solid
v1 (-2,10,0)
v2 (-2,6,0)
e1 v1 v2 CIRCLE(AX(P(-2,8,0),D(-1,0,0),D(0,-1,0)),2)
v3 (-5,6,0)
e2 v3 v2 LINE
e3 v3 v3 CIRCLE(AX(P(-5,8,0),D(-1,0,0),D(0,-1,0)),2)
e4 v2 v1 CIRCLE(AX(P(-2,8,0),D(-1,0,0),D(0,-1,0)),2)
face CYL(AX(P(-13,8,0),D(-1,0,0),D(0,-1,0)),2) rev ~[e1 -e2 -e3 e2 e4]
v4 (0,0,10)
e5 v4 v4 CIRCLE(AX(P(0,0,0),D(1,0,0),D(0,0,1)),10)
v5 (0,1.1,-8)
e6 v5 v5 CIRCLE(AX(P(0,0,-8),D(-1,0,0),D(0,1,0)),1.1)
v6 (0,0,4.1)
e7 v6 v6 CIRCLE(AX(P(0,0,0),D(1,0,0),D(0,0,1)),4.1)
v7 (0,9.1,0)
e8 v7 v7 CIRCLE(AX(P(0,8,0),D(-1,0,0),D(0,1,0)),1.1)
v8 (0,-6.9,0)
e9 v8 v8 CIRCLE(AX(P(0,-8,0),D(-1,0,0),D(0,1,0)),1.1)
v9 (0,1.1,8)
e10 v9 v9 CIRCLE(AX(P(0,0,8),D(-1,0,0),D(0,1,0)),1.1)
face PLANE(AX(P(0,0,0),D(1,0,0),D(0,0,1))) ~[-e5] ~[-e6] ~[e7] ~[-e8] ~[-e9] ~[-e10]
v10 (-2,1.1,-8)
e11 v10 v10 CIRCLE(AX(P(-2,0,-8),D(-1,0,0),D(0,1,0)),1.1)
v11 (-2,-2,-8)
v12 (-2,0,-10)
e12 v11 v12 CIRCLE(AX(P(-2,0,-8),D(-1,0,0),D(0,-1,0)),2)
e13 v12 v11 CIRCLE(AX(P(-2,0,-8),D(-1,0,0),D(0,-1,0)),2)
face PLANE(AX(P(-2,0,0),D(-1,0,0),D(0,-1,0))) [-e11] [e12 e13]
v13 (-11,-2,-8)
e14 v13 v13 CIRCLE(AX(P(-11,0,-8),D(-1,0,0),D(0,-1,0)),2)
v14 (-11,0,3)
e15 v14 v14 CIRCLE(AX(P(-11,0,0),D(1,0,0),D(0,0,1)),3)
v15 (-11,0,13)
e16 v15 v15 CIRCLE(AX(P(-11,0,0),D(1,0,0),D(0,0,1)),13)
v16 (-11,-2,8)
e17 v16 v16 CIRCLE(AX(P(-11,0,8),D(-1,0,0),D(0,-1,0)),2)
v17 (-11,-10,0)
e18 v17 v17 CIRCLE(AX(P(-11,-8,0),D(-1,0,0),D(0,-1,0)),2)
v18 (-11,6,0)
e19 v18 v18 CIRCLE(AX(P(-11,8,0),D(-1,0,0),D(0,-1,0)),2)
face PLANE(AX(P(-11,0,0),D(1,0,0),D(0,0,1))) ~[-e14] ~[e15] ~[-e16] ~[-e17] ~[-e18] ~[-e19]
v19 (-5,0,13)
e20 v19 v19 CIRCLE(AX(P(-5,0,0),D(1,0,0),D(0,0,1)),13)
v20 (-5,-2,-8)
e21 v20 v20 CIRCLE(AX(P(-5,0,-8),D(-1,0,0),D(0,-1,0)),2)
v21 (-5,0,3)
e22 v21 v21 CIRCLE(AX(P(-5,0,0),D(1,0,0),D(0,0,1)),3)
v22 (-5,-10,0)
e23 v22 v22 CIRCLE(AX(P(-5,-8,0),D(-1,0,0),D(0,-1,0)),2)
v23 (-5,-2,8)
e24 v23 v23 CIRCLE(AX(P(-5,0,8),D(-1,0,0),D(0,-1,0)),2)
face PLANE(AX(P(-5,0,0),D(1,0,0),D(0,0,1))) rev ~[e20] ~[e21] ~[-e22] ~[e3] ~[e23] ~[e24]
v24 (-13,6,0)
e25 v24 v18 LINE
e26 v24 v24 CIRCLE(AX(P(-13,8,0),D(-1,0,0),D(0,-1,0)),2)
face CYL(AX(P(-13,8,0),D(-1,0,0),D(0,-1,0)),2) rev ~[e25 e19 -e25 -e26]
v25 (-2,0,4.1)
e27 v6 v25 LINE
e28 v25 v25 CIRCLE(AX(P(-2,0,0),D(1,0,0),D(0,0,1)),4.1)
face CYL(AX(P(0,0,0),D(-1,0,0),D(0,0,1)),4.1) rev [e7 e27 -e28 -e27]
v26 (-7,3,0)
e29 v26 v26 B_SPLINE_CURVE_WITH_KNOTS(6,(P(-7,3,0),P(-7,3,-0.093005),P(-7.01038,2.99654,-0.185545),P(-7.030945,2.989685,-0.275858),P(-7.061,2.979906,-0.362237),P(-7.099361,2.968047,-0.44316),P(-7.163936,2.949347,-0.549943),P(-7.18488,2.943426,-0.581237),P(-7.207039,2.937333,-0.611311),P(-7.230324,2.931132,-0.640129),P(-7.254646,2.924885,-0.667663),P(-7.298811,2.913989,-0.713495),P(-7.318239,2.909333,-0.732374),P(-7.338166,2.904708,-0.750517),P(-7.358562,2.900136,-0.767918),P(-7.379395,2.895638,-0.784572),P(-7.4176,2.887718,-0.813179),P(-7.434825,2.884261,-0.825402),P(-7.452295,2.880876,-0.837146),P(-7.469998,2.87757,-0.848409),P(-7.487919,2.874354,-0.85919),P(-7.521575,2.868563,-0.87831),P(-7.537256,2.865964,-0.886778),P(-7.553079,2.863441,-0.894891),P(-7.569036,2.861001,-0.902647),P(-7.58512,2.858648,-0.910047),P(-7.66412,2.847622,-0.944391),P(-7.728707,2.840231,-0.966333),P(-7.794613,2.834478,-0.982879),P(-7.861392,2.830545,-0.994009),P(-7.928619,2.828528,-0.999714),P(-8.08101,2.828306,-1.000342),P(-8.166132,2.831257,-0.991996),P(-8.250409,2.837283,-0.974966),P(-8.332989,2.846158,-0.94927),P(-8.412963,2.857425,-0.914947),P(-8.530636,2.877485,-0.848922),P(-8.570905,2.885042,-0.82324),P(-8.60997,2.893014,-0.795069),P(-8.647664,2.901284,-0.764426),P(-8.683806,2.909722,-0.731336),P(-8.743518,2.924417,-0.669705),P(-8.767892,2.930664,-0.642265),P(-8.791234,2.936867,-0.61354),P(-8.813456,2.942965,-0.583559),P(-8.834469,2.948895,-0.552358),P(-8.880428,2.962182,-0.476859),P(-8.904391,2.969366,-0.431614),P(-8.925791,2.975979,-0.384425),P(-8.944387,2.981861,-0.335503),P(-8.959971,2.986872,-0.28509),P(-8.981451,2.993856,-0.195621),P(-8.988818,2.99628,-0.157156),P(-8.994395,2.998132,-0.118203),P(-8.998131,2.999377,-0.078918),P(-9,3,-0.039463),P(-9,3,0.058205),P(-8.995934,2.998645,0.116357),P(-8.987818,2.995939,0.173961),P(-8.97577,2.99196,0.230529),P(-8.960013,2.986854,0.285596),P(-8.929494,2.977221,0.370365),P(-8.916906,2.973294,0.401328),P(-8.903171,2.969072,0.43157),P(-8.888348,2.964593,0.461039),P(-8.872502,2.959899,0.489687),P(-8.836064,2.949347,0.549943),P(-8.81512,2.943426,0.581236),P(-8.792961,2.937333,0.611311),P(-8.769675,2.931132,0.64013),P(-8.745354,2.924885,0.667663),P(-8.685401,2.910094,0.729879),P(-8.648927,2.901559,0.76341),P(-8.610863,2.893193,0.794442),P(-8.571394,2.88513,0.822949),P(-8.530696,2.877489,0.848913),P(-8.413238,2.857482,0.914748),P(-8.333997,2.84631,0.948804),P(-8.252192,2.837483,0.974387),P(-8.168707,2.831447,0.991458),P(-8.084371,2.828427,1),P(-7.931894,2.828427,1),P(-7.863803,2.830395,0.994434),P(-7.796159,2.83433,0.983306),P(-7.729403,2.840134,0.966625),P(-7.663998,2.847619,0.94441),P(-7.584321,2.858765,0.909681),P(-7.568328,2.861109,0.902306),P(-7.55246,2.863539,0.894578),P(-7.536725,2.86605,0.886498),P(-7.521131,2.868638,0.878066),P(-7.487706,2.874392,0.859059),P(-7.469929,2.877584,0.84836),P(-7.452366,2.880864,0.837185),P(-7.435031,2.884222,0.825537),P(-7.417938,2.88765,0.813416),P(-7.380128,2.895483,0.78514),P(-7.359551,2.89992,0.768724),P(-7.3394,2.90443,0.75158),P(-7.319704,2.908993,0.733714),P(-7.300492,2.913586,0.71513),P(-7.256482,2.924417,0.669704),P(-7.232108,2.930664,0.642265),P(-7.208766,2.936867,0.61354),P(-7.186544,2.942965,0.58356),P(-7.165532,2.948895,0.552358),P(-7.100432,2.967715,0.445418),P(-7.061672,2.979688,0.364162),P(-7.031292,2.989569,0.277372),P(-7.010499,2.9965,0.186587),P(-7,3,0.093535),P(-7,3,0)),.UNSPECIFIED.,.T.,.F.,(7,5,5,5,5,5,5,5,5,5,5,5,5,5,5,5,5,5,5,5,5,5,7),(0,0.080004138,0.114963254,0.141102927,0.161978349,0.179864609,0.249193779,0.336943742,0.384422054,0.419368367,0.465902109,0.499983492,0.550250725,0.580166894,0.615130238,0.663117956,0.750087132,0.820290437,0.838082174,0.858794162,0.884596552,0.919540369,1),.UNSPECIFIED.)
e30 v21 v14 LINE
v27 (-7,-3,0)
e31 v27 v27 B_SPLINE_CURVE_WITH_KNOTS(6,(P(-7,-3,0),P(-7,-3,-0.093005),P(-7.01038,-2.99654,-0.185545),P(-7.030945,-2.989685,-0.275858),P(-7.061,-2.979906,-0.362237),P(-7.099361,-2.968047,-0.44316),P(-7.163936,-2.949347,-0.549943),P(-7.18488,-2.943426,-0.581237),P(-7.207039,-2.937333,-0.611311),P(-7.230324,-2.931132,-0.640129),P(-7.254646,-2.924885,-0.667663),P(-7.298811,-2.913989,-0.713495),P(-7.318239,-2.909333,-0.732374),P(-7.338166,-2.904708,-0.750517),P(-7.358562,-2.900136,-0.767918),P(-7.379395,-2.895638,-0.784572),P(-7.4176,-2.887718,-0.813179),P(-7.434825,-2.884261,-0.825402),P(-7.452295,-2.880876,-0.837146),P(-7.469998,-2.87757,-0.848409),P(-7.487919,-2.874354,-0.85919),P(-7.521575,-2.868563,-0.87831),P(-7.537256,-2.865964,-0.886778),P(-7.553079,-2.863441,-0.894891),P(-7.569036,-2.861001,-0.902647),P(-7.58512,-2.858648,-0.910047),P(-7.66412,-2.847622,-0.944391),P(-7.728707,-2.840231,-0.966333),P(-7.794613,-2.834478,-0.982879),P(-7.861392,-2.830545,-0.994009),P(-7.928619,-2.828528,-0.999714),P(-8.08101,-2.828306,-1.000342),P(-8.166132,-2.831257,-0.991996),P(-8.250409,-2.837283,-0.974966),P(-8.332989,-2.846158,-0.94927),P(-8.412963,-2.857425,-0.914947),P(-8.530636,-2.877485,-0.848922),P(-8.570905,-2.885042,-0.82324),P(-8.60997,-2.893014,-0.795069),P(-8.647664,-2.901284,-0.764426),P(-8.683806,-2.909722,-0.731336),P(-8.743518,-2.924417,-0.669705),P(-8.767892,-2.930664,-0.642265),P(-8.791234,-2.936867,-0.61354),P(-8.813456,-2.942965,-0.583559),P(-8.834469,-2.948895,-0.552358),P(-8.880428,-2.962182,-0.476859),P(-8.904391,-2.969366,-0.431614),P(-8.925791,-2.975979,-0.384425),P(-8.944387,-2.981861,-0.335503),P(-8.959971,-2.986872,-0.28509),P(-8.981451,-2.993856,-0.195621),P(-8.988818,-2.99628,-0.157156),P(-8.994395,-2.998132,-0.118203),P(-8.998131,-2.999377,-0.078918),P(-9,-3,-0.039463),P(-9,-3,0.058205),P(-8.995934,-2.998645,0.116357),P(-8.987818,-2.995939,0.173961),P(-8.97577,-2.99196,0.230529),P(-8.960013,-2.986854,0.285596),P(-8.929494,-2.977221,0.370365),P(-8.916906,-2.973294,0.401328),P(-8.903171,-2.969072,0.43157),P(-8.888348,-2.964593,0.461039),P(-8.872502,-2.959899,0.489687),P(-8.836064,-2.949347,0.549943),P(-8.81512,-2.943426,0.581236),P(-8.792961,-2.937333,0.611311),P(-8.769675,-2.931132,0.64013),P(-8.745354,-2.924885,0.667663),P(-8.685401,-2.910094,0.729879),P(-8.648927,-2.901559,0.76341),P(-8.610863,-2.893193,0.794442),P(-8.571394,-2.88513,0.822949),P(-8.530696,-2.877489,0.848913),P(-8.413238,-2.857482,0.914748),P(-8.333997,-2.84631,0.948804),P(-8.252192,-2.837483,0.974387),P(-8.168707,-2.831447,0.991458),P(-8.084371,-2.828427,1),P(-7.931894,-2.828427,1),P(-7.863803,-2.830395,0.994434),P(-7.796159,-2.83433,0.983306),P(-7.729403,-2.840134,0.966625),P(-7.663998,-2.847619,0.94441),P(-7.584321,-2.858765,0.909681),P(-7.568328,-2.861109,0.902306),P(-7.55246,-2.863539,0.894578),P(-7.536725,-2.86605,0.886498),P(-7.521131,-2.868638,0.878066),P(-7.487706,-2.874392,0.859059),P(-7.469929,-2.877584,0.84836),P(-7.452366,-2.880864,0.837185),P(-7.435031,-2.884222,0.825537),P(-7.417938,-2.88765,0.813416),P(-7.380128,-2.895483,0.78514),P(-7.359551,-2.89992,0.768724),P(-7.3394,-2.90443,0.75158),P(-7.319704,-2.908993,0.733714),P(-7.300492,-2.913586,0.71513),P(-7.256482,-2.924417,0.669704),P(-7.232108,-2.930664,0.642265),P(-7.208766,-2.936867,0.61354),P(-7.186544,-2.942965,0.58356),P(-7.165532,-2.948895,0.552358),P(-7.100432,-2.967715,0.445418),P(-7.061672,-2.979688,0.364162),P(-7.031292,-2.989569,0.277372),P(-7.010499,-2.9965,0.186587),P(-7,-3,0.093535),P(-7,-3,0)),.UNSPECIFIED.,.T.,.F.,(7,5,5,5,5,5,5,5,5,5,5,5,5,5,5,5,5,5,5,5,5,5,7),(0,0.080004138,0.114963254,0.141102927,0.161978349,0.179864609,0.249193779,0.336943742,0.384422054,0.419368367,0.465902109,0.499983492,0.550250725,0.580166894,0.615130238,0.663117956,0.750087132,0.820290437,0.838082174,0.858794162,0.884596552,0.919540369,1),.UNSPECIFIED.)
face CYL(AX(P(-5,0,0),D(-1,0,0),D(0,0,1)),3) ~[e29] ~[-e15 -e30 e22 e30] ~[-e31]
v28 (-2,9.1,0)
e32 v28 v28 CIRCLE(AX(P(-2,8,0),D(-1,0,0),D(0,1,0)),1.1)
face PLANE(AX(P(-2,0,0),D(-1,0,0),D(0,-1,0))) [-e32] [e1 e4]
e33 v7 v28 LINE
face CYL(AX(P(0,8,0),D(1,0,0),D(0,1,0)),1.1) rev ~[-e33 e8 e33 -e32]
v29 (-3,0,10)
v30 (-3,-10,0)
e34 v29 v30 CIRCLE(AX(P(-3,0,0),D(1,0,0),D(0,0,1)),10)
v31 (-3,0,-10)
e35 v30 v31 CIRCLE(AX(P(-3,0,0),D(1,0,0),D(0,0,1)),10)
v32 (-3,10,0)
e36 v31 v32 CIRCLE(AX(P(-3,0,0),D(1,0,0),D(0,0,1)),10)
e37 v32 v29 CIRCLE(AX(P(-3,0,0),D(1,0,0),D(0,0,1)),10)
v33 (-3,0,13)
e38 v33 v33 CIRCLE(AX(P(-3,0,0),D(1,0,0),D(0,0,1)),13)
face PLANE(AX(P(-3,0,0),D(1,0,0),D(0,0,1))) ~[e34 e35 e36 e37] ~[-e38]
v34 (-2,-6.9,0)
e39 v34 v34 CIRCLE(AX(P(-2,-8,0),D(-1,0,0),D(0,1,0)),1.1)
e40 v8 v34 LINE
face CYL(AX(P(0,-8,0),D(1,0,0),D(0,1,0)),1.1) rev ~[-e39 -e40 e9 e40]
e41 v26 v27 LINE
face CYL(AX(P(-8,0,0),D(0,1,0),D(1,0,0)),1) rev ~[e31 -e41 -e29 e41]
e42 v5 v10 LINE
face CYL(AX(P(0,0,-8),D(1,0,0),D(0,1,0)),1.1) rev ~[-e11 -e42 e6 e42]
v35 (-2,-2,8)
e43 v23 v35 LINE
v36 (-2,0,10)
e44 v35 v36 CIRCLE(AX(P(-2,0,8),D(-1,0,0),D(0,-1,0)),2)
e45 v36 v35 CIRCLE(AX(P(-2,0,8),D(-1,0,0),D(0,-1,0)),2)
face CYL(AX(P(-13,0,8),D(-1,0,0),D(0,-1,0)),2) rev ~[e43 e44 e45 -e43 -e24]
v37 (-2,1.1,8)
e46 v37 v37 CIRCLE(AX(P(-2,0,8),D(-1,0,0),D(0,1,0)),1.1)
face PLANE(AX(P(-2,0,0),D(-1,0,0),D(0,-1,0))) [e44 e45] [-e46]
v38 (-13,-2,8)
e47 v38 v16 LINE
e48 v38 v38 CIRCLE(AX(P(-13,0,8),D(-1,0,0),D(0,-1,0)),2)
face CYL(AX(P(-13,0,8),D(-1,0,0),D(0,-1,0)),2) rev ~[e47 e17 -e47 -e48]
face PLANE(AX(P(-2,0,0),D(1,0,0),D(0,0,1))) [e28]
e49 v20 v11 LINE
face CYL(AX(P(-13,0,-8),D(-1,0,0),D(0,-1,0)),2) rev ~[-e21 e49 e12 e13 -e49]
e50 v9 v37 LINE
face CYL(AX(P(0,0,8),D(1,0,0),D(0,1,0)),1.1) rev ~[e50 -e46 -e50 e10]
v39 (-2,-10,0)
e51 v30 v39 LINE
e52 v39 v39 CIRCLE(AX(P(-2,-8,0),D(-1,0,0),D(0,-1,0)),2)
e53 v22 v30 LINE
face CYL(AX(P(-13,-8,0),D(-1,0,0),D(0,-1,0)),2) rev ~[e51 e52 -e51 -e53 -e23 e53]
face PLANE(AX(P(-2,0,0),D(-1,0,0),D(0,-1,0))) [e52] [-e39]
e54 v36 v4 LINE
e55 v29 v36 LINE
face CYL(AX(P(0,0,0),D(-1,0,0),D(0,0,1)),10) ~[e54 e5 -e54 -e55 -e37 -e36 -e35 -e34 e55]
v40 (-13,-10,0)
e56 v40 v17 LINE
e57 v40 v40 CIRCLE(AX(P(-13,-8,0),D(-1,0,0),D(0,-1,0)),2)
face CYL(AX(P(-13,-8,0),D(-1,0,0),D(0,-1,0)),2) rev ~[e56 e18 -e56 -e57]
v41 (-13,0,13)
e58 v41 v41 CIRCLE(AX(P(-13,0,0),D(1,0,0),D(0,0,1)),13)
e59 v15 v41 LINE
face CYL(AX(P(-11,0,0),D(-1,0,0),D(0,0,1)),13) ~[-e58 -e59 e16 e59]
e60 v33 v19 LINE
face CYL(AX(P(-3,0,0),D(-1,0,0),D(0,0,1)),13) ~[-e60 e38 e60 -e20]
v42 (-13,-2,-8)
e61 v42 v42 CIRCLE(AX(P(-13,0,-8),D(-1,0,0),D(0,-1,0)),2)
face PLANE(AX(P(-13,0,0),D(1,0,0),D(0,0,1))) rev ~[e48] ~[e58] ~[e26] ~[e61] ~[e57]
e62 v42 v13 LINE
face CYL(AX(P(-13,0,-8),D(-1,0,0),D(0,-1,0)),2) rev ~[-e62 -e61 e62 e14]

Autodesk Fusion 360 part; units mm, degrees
sketch "Sketch1" plane through (0, 0, 0) normal (0, 1, 0) x (1, 0, 0)
  line L0 (0, 0) -> (0, -10)
  line L1 (0, -10) -> (-2, -10)
  line L2 (-3, -13) -> (-5, -13)
  line L3 (-5, -13) -> (-5, -3)
  line L4 (-5, -3) -> (-11, -3)
  line L5 (-11, -3) -> (-11, -13)
  line L6 (-11, -13) -> (-13, -13)
  line L7 (-13, -13) -> (-13, 0)
  line L8 (-13, 0) -> (0, 0)
  line L9 (0, 0) -> (0, -4.1)
  line L10 (0, -4.1) -> (-2, -4.1)
  line L11 (-2, -4.1) -> (-2, 0)
  line L12 (-2, -10) -> (-3, -10)
  line L13 (-3, -10) -> (-3, -13)
  dimension "d1" = 10
  dimension "d2" = 2
  dimension "d3" = 4.1
  dimension "d17" = 1
  dimension "d18" = 2
  dimension "d19" = 6
  dimension "d20" = 2
  dimension "d21" = 13
  dimension "d24" = 3
  dimension "d25" = 3
  dimension "d26" = 13
revolve "Revolve1" add sketch "Sketch1" angle 360 about axis through (1.75, 0, 0) along (1, 0, 0) contours L0 L1 L2 L3 L4 L5 L6 L7 L8 L10 L11 L12 L13
sketch "Sketch2" plane through (0, 0, 0) normal (1, 0, 0) x (0, 1, 0)
  circle A0 centre (0, 0) radius 4.1
  circle A1 centre (0, 0) radius 10
  circle A2 centre (0, 0) radius 8
  circle A3 centre (0, 8) radius 1.1
  circle A4 centre (-8, 0) radius 1.1
  circle A5 centre (8, 0) radius 1.1
  circle A6 centre (0, -8) radius 1.1
  dimension "d5" = 16
  dimension "d6" = 2.2
  dimension "d7" = 2.2
  dimension "d8" = 2.2
  dimension "d9" = 2.2
extrude "Extrude1" cut sketch "Sketch2" against normal blind 20 contours A2 A5 | A2 A5 | A2 A3 | A2 A3 | A2 A6 | A2 A6 | A2 A4 | A2 A4
sketch "Sketch3" plane through (-13, 0, 0) normal (-1, 0, 0) x (0, -1, 0)
  circle A0 centre (8, 0) radius 1.1
  circle A1 centre (-8, 0) radius 1.1
  circle A2 centre (0, 8) radius 1.1
  circle A3 centre (0, -8) radius 1.1
  circle A4 centre (0, 0) radius 13
  circle A5 centre (0, 8) radius 2
  circle A6 centre (8, 0) radius 2
  circle A7 centre (0, -8) radius 2
  circle A8 centre (-8, 0) radius 2
extrude "Extrude2" cut sketch "Sketch3" against normal blind 11 contours A5 | A6 | A7 | A8
sketch "Sketch4" plane through (0, 0, 0) normal (0, 1, 0) x (1, 0, 0)
  circle A0 centre (-8, 0) radius 1
  line L0 (-5, 13) -> (-5, -13)
  dimension "d14" = 2
  dimension "d22" = 3
extrude "Extrude3" cut sketch "Sketch4" along normal through all and the other way through all
equation "d3 = ( 8.2 / 2 ) * 1 mm"
